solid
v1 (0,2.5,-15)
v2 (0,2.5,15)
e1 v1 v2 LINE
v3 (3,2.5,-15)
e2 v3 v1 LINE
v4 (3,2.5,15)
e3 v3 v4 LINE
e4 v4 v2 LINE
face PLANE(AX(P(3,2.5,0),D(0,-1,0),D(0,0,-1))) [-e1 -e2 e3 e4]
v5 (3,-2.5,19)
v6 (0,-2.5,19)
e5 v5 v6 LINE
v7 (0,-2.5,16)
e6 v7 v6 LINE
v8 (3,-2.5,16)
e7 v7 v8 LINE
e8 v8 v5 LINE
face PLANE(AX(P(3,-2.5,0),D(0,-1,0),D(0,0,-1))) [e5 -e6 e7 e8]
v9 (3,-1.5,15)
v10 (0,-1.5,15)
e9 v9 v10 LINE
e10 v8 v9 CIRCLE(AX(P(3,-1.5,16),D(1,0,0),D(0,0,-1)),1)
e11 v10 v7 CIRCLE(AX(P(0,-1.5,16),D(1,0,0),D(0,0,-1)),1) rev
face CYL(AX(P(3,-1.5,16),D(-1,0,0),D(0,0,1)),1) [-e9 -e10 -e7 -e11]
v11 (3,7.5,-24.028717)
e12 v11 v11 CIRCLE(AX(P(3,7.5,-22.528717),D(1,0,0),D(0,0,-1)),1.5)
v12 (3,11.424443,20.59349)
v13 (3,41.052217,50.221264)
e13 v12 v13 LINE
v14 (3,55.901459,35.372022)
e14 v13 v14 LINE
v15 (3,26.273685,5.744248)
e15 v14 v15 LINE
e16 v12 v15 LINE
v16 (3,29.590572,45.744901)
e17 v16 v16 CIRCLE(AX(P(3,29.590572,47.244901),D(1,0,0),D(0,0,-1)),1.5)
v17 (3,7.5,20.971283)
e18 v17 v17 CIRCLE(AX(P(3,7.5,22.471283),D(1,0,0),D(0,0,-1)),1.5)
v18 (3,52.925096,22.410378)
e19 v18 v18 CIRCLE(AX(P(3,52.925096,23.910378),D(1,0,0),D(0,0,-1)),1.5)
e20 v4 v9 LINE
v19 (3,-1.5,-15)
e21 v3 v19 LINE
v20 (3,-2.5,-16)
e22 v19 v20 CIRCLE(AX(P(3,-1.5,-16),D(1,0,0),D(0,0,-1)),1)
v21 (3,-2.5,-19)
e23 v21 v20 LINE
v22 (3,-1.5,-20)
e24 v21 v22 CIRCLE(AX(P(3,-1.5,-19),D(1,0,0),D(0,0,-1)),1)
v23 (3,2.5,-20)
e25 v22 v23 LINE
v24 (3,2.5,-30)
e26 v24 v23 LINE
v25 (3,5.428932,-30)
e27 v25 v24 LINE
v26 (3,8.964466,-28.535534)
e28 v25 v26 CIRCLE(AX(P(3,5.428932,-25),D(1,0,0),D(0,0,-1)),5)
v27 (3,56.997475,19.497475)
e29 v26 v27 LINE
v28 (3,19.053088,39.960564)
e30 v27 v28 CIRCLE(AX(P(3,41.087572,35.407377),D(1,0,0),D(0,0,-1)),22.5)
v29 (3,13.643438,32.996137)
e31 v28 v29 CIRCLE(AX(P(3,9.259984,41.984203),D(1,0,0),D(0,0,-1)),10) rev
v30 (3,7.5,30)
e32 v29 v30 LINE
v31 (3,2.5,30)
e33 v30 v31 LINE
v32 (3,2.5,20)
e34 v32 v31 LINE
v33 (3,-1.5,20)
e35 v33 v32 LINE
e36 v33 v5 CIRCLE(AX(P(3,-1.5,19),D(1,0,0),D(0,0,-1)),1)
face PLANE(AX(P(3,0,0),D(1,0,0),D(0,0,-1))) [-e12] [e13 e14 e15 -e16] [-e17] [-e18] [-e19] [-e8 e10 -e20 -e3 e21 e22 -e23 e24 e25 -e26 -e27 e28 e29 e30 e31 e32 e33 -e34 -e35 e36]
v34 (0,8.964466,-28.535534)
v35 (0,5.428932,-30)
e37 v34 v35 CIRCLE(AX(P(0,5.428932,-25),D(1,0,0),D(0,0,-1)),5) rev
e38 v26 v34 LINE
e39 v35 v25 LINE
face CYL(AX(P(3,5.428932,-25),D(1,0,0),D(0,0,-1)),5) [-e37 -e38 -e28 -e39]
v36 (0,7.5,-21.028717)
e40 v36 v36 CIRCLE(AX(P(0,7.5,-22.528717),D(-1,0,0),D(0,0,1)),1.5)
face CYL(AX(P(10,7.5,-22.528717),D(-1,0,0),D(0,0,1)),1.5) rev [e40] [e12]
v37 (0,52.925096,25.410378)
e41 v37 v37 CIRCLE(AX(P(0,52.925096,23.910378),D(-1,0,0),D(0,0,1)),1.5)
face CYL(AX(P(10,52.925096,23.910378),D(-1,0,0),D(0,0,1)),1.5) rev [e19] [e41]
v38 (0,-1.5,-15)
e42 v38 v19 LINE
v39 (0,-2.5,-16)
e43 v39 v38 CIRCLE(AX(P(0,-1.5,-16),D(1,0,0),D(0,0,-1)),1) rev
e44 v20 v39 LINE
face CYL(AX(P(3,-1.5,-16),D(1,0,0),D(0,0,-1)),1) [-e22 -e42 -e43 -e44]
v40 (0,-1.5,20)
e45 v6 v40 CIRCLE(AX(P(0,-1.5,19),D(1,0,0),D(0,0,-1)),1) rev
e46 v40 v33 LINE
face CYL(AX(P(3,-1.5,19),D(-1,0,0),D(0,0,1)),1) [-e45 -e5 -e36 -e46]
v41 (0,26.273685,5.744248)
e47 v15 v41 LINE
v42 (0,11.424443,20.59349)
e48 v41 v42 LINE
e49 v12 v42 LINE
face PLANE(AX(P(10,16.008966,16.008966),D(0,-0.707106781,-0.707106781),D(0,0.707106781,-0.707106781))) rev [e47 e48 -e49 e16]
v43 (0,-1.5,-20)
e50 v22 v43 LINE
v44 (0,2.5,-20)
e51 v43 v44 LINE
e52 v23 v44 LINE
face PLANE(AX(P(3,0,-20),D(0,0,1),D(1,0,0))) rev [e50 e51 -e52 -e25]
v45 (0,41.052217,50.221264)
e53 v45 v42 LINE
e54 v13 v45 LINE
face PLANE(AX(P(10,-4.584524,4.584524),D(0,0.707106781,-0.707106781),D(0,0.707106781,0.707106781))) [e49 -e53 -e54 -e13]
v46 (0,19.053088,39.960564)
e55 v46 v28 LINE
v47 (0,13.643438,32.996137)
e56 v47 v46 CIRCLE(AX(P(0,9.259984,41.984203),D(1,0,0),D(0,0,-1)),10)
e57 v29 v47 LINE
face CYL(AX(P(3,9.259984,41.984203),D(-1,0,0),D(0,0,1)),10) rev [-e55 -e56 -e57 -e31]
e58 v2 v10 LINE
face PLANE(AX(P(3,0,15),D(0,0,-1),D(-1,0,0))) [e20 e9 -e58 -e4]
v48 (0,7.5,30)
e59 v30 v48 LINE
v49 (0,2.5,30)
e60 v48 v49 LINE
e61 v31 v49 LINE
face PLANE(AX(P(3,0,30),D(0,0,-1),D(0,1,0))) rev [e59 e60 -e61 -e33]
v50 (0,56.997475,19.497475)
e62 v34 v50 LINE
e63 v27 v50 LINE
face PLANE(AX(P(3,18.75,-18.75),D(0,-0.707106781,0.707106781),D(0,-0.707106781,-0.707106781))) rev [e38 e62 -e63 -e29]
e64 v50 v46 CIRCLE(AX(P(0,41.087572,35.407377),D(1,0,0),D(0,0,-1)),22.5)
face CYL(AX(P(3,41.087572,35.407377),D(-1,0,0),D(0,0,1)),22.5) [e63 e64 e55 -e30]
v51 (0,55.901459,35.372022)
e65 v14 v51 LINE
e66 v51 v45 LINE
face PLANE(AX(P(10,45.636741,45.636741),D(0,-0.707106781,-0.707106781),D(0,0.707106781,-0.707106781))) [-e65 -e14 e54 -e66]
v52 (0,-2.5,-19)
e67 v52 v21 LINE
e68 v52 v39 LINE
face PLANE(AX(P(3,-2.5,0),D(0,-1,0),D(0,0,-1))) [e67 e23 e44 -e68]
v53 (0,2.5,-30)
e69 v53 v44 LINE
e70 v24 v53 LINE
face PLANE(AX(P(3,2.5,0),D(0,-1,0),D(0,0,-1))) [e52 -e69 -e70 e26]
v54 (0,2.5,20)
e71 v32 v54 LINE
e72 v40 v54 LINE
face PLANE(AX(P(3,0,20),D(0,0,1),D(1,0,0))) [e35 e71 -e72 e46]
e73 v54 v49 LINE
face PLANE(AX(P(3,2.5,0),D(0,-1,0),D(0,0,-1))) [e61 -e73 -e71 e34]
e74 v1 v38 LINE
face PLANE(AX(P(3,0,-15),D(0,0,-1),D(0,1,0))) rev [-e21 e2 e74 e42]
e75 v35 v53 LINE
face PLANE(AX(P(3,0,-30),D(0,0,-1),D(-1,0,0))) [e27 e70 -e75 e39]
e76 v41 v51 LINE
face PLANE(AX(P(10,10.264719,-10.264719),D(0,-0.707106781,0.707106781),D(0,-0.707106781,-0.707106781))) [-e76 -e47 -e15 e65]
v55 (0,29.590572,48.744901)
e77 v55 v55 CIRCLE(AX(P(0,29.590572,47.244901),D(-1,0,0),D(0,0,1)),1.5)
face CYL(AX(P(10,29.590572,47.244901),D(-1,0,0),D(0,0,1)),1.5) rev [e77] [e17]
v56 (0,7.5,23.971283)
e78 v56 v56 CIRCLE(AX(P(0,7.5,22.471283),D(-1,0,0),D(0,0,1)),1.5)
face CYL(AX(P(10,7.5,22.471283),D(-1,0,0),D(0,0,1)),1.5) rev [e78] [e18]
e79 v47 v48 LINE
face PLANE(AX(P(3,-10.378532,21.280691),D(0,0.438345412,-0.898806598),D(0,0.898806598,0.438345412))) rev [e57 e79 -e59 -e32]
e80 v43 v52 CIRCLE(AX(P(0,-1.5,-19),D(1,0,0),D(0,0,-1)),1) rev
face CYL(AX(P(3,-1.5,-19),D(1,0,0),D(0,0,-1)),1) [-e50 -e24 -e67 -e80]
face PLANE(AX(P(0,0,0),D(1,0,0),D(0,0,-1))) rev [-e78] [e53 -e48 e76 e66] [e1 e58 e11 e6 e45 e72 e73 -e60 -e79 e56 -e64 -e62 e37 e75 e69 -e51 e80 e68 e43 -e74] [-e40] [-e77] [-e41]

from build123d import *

# Parameters (mm, degrees)
BOSS_EXTRUDE1_DEPTH = 3
CUT_EXTRUDE2_DEPTH  = 10
SKETCH5_R           = 1.5
CUT_EXTRUDE3_DEPTH  = 10
FILLET1_R           = 10
FILLET2_R           = 1
FILLET3_R           = 5


with BuildPart() as part:
    # Sketch3 → Boss-Extrude1 (new body)
    with BuildSketch(Plane(origin=(0, 0, 0), x_dir=(0, 0, -1), z_dir=(1, 0, 0))):
        with BuildLine():
            Line((15, -2.5), (20, -2.5))
            Line((20, -2.5), (20, 2.5))
            Line((20, 2.5), (30, 2.5))
            Line((30, 2.5), (30, 7.5))
            Line((30, 7.5), (-19.497474683, 56.997474683))
            ThreePointArc((-19.497474683, 56.997474683), (-56.194666741, 49.697949335), (-35.40737726, 18.587572106))
            Line((-35.40737726, 18.587572106), (-30, 7.5))
            Line((-30, 7.5), (-30, 2.5))
            Line((-30, 2.5), (-20, 2.5))
            Line((-20, 2.5), (-20, -2.5))
            Line((-20, -2.5), (-15, -2.5))
            Line((-15, -2.5), (-15, 2.5))
            Line((-15, 2.5), (15, 2.5))
            Line((15, 2.5), (15, -2.5))
        make_face()
    extrude(amount=BOSS_EXTRUDE1_DEPTH)

    # Sketch4 → Cut-Extrude2 (cut)
    with BuildSketch(Plane.ZY):
        Polygon((35.372021921, 55.901459172), (5.744247789, 26.273685041), (20.593490194, 11.424442636), (50.221264326, 41.052216767), align=None)
    extrude(amount=-CUT_EXTRUDE2_DEPTH, mode=Mode.SUBTRACT)

    # Sketch5 → Cut-Extrude3 (cut)
    with BuildSketch(Plane.ZY):
        with Locations((22.471283385, 7.5)):
            Circle(SKETCH5_R)
        with Locations((-22.528716615, 7.5)):
            Circle(SKETCH5_R)
        with Locations((23.910377597, 52.925096223)):
            Circle(SKETCH5_R)
        with Locations((47.244901376, 29.590572444)):
            Circle(SKETCH5_R)
    extrude(amount=-CUT_EXTRUDE3_DEPTH, mode=Mode.SUBTRACT)

    # Fillet1
    fillet1_edges = [part.edges().sort_by_distance(p)[0] for p in [
        (1.5, 18.587572106, 35.40737726),
    ]]
    fillet(fillet1_edges, radius=FILLET1_R)

    # Fillet2
    fillet2_edges = [part.edges().sort_by_distance(p)[0] for p in [
        (1.5, -2.5, -20),
        (1.5, -2.5, -15),
        (1.5, -2.5, 15),
        (1.5, -2.5, 20),
    ]]
    fillet(fillet2_edges, radius=FILLET2_R)

    # Fillet3
    fillet3_edges = [part.edges().sort_by_distance(p)[0] for p in [
        (1.5, 7.5, -30),
    ]]
    fillet(fillet3_edges, radius=FILLET3_R)


solid = part.part
